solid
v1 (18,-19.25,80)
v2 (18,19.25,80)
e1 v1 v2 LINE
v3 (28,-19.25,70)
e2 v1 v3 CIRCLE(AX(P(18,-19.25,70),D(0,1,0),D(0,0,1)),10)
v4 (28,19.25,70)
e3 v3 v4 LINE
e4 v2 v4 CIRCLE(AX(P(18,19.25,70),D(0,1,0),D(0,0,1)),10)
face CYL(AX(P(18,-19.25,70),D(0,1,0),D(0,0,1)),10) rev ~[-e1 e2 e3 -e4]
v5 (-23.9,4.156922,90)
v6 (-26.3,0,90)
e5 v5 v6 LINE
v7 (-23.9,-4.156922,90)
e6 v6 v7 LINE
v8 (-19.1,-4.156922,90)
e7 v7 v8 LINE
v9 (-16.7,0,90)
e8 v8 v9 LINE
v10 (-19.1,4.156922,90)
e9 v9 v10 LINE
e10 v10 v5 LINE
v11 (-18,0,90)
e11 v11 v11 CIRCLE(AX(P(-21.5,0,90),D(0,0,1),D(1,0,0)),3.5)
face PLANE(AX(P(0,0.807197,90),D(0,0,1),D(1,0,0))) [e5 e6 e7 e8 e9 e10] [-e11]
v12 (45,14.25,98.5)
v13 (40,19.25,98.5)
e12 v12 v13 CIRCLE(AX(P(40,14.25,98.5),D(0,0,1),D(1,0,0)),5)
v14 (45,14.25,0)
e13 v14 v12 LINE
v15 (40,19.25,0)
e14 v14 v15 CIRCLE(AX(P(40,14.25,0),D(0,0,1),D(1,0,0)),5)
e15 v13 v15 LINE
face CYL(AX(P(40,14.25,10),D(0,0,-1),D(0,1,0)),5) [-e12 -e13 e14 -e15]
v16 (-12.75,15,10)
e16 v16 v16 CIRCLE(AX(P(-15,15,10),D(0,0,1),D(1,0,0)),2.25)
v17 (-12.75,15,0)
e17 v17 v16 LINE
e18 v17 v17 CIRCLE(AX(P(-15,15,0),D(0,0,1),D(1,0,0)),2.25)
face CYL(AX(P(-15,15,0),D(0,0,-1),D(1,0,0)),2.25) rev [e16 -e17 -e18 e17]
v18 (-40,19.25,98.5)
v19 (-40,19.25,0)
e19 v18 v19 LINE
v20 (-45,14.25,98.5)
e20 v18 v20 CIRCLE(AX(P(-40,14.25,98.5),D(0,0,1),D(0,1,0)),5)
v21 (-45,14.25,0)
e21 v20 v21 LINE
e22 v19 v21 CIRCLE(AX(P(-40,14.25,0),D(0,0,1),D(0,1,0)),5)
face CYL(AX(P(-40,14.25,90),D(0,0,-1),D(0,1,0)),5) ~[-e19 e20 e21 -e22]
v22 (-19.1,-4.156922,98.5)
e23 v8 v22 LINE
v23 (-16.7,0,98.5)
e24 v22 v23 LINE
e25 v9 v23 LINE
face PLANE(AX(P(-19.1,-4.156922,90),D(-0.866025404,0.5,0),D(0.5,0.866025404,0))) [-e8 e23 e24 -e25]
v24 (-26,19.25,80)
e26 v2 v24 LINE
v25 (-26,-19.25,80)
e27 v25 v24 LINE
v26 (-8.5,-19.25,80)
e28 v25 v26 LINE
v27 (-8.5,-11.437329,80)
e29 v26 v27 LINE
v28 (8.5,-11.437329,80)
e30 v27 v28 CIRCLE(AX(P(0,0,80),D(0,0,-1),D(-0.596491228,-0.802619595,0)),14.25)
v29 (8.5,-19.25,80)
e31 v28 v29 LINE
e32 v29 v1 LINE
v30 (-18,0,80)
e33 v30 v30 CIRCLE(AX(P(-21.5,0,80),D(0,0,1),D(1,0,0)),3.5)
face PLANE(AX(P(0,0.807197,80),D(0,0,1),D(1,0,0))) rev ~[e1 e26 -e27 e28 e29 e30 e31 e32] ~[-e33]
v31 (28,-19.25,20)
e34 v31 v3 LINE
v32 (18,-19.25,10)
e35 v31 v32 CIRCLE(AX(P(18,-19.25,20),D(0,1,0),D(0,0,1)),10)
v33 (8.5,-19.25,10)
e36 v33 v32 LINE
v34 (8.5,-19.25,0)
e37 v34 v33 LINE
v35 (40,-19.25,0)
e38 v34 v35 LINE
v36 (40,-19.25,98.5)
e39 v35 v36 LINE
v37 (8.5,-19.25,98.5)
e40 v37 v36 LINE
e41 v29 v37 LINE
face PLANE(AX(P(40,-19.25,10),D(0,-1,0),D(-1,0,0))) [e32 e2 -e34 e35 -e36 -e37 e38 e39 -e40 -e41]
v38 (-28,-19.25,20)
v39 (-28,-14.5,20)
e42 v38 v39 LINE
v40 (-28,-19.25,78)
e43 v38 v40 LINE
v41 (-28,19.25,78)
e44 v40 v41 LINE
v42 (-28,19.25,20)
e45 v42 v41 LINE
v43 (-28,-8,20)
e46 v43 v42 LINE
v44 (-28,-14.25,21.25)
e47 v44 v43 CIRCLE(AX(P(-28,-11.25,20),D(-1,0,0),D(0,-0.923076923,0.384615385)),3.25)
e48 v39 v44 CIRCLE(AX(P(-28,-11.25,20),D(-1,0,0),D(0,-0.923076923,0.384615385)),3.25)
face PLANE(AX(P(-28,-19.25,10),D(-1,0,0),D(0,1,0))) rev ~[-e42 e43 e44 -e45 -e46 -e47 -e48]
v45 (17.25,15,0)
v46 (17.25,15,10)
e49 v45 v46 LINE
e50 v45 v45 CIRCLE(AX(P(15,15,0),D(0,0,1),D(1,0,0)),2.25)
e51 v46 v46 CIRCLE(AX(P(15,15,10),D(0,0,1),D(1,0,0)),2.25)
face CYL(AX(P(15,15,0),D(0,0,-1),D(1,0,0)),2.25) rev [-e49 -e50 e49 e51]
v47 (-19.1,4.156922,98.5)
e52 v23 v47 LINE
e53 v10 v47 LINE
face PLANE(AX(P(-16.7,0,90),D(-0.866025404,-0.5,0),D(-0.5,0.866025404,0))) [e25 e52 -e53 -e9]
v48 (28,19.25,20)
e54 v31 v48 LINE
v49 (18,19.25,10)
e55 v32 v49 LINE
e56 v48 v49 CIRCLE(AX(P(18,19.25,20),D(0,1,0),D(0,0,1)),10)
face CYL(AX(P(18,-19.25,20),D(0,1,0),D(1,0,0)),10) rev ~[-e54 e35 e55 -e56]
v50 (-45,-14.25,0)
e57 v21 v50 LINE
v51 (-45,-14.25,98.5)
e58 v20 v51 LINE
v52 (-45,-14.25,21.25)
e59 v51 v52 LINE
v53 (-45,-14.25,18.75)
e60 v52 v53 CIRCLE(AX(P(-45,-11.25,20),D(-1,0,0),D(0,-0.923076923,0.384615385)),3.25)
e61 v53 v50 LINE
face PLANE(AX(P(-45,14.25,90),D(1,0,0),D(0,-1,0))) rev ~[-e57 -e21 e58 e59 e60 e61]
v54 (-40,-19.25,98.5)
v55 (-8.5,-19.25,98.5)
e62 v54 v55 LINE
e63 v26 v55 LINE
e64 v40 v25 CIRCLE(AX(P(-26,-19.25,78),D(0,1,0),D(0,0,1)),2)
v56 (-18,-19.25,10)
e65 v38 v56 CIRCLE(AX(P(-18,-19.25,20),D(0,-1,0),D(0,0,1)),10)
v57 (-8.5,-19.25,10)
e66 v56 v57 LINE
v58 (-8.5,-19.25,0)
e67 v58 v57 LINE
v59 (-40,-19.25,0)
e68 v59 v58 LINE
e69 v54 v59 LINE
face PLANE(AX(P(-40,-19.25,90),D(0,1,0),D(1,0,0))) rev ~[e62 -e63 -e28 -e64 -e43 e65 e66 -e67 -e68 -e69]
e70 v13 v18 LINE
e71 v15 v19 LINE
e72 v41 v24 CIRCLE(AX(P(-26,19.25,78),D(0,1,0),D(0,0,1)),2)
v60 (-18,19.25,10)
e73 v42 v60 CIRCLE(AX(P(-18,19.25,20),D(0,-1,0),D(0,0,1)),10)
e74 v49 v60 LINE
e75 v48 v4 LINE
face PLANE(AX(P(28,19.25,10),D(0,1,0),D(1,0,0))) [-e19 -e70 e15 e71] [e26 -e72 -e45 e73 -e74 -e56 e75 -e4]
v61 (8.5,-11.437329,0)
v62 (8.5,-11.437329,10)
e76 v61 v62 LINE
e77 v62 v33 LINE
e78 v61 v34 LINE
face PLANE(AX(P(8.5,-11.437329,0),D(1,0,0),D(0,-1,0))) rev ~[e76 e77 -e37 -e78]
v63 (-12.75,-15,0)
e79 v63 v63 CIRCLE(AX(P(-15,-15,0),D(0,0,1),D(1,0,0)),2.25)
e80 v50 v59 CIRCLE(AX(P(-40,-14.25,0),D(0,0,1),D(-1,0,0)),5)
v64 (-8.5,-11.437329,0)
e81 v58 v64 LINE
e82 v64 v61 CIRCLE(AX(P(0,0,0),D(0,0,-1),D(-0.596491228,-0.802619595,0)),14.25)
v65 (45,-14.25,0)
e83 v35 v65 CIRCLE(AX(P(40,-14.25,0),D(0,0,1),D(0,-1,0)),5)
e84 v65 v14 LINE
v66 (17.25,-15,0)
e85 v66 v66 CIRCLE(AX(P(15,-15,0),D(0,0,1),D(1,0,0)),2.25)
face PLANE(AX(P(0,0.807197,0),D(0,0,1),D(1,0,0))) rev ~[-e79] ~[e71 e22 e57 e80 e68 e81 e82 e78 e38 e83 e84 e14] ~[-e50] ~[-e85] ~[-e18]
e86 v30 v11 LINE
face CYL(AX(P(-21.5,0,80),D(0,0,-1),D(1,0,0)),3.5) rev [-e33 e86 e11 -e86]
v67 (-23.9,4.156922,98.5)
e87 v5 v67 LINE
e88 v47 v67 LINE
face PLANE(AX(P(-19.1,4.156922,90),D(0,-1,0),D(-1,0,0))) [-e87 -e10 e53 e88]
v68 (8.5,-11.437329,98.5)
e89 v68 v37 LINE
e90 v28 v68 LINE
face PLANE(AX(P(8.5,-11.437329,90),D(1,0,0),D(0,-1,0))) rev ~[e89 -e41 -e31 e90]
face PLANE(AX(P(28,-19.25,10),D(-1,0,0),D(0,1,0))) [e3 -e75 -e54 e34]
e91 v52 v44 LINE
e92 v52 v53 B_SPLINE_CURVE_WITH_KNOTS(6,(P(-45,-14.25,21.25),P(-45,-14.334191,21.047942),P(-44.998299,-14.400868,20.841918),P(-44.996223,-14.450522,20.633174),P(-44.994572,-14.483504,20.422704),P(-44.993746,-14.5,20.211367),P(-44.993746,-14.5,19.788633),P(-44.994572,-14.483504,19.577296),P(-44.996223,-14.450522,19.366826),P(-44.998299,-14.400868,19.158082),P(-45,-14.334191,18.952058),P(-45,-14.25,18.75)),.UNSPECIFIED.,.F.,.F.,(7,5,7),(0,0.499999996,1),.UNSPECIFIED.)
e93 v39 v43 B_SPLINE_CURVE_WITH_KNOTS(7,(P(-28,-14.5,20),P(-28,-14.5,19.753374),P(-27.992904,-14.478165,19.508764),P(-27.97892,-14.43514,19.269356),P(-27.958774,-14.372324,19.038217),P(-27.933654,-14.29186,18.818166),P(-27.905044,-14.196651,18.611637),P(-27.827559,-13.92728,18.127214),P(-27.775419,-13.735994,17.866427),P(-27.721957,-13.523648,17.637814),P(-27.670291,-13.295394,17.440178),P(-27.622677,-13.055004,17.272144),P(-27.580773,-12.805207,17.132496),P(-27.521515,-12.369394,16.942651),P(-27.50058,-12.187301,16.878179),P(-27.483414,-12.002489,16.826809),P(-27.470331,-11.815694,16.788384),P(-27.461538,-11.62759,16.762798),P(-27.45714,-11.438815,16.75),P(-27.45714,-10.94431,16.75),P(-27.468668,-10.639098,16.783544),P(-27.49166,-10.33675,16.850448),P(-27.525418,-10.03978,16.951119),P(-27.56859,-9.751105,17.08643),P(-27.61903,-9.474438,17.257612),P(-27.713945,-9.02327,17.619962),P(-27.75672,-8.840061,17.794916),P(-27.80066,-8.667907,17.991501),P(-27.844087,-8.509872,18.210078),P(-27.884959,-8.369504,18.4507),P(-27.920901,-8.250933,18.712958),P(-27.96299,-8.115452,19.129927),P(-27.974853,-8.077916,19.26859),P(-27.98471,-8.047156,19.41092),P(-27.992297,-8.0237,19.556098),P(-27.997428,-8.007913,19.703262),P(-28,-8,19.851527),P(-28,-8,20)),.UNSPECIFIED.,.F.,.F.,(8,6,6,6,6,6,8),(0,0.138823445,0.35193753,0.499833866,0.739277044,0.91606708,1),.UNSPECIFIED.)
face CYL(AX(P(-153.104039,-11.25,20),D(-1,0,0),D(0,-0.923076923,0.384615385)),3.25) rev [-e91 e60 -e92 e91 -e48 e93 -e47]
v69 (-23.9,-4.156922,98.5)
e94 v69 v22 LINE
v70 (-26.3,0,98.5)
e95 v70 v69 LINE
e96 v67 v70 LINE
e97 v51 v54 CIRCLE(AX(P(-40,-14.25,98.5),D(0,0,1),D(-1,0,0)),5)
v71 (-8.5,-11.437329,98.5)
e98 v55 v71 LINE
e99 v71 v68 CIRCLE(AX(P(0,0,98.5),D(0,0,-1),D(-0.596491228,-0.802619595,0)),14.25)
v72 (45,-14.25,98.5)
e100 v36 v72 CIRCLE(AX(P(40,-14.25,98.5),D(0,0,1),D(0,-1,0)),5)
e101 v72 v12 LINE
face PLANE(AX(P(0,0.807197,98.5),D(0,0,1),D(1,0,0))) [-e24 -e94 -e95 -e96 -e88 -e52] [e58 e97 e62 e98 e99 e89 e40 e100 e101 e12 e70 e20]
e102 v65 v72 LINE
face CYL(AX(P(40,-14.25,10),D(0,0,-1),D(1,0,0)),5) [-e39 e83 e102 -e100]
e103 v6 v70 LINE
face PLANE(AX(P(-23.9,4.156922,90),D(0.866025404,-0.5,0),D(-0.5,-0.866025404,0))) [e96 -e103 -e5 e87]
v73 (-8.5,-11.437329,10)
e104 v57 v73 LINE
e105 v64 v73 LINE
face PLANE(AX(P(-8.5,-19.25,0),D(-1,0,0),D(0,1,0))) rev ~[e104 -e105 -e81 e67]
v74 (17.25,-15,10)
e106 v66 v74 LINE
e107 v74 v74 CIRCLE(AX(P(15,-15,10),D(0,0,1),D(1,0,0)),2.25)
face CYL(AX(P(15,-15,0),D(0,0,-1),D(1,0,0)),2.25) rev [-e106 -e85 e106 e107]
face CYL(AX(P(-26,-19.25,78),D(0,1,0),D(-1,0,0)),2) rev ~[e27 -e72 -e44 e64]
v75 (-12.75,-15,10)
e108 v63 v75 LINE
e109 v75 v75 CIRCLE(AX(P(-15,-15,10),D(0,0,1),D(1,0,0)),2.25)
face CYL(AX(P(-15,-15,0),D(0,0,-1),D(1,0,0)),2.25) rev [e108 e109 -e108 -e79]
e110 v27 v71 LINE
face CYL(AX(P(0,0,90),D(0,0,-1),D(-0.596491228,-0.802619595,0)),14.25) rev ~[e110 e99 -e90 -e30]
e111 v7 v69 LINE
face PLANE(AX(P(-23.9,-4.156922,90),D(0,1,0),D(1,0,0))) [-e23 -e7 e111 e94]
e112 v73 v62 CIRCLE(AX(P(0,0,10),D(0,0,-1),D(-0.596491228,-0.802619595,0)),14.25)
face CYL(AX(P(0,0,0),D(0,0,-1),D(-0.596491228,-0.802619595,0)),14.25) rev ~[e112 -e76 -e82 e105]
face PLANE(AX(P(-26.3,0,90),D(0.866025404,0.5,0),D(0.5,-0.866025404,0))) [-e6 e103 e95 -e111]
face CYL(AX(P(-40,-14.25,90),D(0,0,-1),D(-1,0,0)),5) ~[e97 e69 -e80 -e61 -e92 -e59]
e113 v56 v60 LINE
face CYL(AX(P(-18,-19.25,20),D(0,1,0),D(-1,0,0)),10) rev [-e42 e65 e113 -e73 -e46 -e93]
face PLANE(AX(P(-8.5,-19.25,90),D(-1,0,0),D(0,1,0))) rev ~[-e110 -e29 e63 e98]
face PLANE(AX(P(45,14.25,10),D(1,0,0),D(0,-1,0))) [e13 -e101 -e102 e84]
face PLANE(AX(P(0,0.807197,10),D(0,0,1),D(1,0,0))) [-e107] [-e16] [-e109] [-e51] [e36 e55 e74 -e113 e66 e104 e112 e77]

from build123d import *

# Parameters (mm, degrees)
SKETCH1_R               = 2.25
BOSS_EXTRUDE1_DEPTH     = 10
BOSS_EXTRUDE3_DEPTH     = 70
BOSS_EXTRUDE3_2_DEPTH   = 70
SKETCH4_R               = 3.5
BOSS_EXTRUDE4_DEPTH     = 10
BOSS_EXTRUDE5_DEPTH     = 8.5
FILLET2_R               = 2
FILLET3_R               = 10
CUT_EXTRUDE1_DEPTH      = 10
CUT_EXTRUDE1_DEPTH_BACK = 125.104039016
SKETCH7_R               = 3.25


with BuildPart() as part:
    # Sketch1 → Boss-Extrude1 (new body)
    with BuildSketch(Plane.XY):
        with BuildLine():
            Line((15, 19.25), (-15, 19.25))
            Line((-15, 19.25), (-30, 19.25))
            Line((-30, 19.25), (-40, 19.25))
            ThreePointArc((-40, 19.25), (-43.535533906, 17.785533906), (-45, 14.25))
            Line((-45, 14.25), (-45, -14.25))
            ThreePointArc((-45, -14.25), (-43.535533906, -17.785533906), (-40, -19.25))
            Line((-40, -19.25), (-30, -19.25))
            Line((-30, -19.25), (-15, -19.25))
            Line((-15, -19.25), (-8.5, -19.25))
            Line((-8.5, -19.25), (-8.5, -16.75))
            Line((-8.5, -16.75), (-8.5, -11.437329234))
            ThreePointArc((-8.5, -11.437329234), (0, 14.25), (8.5, -11.437329234))
            Line((8.5, -11.437329234), (8.5, -16.75))
            Line((8.5, -16.75), (8.5, -19.25))
            Line((8.5, -19.25), (15, -19.25))
            Line((15, -19.25), (30, -19.25))
            Line((30, -19.25), (40, -19.25))
            ThreePointArc((40, -19.25), (43.535533906, -17.785533906), (45, -14.25))
            Line((45, -14.25), (45, 14.25))
            ThreePointArc((45, 14.25), (43.535533906, 17.785533906), (40, 19.25))
            Line((40, 19.25), (30, 19.25))
            Line((30, 19.25), (15, 19.25))
        make_face()
        with Locations((-15, -15)):
            Circle(SKETCH1_R, mode=Mode.SUBTRACT)
        with Locations((15, -15)):
            Circle(SKETCH1_R, mode=Mode.SUBTRACT)
        with Locations((-15, 15)):
            Circle(SKETCH1_R, mode=Mode.SUBTRACT)
        with Locations((15, 15)):
            Circle(SKETCH1_R, mode=Mode.SUBTRACT)
    extrude(amount=BOSS_EXTRUDE1_DEPTH)


with BuildPart() as body_2:
    # Sketch2 → Boss-Extrude3 (new body)
    with BuildSketch(Plane.XY.offset(10)):
        with BuildLine():
            Line((-45, 14.25), (-45, -14.25))
            ThreePointArc((-45, -14.25), (-43.535533906, -17.785533906), (-40, -19.25))
            Line((-40, -19.25), (-28, -19.25))
            Line((-28, -19.25), (-28, 0))
            Line((-28, 0), (-28, 19.25))
            Line((-28, 19.25), (-40, 19.25))
            ThreePointArc((-40, 19.25), (-43.535533906, 17.785533906), (-45, 14.25))
        make_face()
    extrude(amount=BOSS_EXTRUDE3_DEPTH)

    # Sketch4 → Boss-Extrude4 (add)
    with BuildSketch(Plane.XY.offset(80)):
        with BuildLine():
            Line((-45, 14.25), (-45, -14.25))
            ThreePointArc((-45, -14.25), (-43.535533906, -17.785533906), (-40, -19.25))
            Line((-40, -19.25), (-8.5, -19.25))
            Line((-8.5, -19.25), (-8.5, -11.437329234))
            ThreePointArc((-8.5, -11.437329234), (0, 14.25), (8.5, -11.437329234))
            Line((8.5, -11.437329234), (8.5, -19.25))
            Line((8.5, -19.25), (40, -19.25))
            ThreePointArc((40, -19.25), (43.535533906, -17.785533906), (45, -14.25))
            Line((45, -14.25), (45, 14.25))
            ThreePointArc((45, 14.25), (43.535533906, 17.785533906), (40, 19.25))
            Line((40, 19.25), (-40, 19.25))
            ThreePointArc((-40, 19.25), (-43.535533906, 17.785533906), (-45, 14.25))
        make_face()
        with Locations((-21.5, 0)):
            Circle(SKETCH4_R, mode=Mode.SUBTRACT)
    extrude(amount=BOSS_EXTRUDE4_DEPTH)

    # Sketch6 → Boss-Extrude5 (add)
    with BuildSketch(Plane.XY.offset(90)):
        with BuildLine():
            Line((-40, -19.25), (-8.5, -19.25))
            Line((-8.5, -19.25), (-8.5, -11.437329234))
            ThreePointArc((-8.5, -11.437329234), (0, 14.25), (8.5, -11.437329234))
            Line((8.5, -11.437329234), (8.5, -19.25))
            Line((8.5, -19.25), (40, -19.25))
            ThreePointArc((40, -19.25), (43.535533906, -17.785533906), (45, -14.25))
            Line((45, -14.25), (45, 14.25))
            ThreePointArc((45, 14.25), (43.535533906, 17.785533906), (40, 19.25))
            Line((40, 19.25), (-40, 19.25))
            ThreePointArc((-40, 19.25), (-43.535533906, 17.785533906), (-45, 14.25))
            Line((-45, 14.25), (-45, -14.25))
            ThreePointArc((-45, -14.25), (-43.535533906, -17.785533906), (-40, -19.25))
        make_face()
        Polygon((-16.7, 0), (-19.1, 4.156921938), (-23.9, 4.156921938), (-26.3, 0), (-23.9, -4.156921938), (-19.1, -4.156921938), align=None, mode=Mode.SUBTRACT)
    extrude(amount=BOSS_EXTRUDE5_DEPTH)


with BuildPart() as body_3:
    # Sketch2 → Boss-Extrude3 2 (new body)
    with BuildSketch(Plane.XY.offset(10)):
        with BuildLine():
            Line((40, -19.25), (28, -19.25))
            Line((28, -19.25), (28, 0))
            Line((28, 0), (28, 19.25))
            Line((28, 19.25), (40, 19.25))
            ThreePointArc((40, 19.25), (43.535533906, 17.785533906), (45, 14.25))
            Line((45, 14.25), (45, -14.25))
            ThreePointArc((45, -14.25), (43.535533906, -17.785533906), (40, -19.25))
        make_face()
    extrude(amount=BOSS_EXTRUDE3_2_DEPTH)


with BuildPart() as part_1:
    add(part.part)

    # Combine1: union body 2, body 3
    add(body_2.part)
    add(body_3.part)

    # Fillet2
    fillet2_edges = [part_1.edges().sort_by_distance(p)[0] for p in [
        (-28, 0, 80),
    ]]
    fillet(fillet2_edges, radius=FILLET2_R)

    # Fillet3
    fillet3_edges = [part_1.edges().sort_by_distance(p)[0] for p in [
        (28, 0, 80),
        (-28, 0, 10),
        (28, 0, 10),
    ]]
    fillet(fillet3_edges, radius=FILLET3_R)

    # Sketch7 → Cut-Extrude1 (cut, two sides: drawn at the far end of the back side and taken through both)
    with BuildSketch(Plane(origin=(-28, 0, 0), x_dir=(0, 0, -1), z_dir=(1, 0, 0)).offset(-CUT_EXTRUDE1_DEPTH_BACK)):
        with Locations(Location((-20, -11.25, 0), (0, 0, 247.380135052))):
            Circle(SKETCH7_R)
    extrude(amount=CUT_EXTRUDE1_DEPTH + CUT_EXTRUDE1_DEPTH_BACK, mode=Mode.SUBTRACT)


solid = part_1.part
